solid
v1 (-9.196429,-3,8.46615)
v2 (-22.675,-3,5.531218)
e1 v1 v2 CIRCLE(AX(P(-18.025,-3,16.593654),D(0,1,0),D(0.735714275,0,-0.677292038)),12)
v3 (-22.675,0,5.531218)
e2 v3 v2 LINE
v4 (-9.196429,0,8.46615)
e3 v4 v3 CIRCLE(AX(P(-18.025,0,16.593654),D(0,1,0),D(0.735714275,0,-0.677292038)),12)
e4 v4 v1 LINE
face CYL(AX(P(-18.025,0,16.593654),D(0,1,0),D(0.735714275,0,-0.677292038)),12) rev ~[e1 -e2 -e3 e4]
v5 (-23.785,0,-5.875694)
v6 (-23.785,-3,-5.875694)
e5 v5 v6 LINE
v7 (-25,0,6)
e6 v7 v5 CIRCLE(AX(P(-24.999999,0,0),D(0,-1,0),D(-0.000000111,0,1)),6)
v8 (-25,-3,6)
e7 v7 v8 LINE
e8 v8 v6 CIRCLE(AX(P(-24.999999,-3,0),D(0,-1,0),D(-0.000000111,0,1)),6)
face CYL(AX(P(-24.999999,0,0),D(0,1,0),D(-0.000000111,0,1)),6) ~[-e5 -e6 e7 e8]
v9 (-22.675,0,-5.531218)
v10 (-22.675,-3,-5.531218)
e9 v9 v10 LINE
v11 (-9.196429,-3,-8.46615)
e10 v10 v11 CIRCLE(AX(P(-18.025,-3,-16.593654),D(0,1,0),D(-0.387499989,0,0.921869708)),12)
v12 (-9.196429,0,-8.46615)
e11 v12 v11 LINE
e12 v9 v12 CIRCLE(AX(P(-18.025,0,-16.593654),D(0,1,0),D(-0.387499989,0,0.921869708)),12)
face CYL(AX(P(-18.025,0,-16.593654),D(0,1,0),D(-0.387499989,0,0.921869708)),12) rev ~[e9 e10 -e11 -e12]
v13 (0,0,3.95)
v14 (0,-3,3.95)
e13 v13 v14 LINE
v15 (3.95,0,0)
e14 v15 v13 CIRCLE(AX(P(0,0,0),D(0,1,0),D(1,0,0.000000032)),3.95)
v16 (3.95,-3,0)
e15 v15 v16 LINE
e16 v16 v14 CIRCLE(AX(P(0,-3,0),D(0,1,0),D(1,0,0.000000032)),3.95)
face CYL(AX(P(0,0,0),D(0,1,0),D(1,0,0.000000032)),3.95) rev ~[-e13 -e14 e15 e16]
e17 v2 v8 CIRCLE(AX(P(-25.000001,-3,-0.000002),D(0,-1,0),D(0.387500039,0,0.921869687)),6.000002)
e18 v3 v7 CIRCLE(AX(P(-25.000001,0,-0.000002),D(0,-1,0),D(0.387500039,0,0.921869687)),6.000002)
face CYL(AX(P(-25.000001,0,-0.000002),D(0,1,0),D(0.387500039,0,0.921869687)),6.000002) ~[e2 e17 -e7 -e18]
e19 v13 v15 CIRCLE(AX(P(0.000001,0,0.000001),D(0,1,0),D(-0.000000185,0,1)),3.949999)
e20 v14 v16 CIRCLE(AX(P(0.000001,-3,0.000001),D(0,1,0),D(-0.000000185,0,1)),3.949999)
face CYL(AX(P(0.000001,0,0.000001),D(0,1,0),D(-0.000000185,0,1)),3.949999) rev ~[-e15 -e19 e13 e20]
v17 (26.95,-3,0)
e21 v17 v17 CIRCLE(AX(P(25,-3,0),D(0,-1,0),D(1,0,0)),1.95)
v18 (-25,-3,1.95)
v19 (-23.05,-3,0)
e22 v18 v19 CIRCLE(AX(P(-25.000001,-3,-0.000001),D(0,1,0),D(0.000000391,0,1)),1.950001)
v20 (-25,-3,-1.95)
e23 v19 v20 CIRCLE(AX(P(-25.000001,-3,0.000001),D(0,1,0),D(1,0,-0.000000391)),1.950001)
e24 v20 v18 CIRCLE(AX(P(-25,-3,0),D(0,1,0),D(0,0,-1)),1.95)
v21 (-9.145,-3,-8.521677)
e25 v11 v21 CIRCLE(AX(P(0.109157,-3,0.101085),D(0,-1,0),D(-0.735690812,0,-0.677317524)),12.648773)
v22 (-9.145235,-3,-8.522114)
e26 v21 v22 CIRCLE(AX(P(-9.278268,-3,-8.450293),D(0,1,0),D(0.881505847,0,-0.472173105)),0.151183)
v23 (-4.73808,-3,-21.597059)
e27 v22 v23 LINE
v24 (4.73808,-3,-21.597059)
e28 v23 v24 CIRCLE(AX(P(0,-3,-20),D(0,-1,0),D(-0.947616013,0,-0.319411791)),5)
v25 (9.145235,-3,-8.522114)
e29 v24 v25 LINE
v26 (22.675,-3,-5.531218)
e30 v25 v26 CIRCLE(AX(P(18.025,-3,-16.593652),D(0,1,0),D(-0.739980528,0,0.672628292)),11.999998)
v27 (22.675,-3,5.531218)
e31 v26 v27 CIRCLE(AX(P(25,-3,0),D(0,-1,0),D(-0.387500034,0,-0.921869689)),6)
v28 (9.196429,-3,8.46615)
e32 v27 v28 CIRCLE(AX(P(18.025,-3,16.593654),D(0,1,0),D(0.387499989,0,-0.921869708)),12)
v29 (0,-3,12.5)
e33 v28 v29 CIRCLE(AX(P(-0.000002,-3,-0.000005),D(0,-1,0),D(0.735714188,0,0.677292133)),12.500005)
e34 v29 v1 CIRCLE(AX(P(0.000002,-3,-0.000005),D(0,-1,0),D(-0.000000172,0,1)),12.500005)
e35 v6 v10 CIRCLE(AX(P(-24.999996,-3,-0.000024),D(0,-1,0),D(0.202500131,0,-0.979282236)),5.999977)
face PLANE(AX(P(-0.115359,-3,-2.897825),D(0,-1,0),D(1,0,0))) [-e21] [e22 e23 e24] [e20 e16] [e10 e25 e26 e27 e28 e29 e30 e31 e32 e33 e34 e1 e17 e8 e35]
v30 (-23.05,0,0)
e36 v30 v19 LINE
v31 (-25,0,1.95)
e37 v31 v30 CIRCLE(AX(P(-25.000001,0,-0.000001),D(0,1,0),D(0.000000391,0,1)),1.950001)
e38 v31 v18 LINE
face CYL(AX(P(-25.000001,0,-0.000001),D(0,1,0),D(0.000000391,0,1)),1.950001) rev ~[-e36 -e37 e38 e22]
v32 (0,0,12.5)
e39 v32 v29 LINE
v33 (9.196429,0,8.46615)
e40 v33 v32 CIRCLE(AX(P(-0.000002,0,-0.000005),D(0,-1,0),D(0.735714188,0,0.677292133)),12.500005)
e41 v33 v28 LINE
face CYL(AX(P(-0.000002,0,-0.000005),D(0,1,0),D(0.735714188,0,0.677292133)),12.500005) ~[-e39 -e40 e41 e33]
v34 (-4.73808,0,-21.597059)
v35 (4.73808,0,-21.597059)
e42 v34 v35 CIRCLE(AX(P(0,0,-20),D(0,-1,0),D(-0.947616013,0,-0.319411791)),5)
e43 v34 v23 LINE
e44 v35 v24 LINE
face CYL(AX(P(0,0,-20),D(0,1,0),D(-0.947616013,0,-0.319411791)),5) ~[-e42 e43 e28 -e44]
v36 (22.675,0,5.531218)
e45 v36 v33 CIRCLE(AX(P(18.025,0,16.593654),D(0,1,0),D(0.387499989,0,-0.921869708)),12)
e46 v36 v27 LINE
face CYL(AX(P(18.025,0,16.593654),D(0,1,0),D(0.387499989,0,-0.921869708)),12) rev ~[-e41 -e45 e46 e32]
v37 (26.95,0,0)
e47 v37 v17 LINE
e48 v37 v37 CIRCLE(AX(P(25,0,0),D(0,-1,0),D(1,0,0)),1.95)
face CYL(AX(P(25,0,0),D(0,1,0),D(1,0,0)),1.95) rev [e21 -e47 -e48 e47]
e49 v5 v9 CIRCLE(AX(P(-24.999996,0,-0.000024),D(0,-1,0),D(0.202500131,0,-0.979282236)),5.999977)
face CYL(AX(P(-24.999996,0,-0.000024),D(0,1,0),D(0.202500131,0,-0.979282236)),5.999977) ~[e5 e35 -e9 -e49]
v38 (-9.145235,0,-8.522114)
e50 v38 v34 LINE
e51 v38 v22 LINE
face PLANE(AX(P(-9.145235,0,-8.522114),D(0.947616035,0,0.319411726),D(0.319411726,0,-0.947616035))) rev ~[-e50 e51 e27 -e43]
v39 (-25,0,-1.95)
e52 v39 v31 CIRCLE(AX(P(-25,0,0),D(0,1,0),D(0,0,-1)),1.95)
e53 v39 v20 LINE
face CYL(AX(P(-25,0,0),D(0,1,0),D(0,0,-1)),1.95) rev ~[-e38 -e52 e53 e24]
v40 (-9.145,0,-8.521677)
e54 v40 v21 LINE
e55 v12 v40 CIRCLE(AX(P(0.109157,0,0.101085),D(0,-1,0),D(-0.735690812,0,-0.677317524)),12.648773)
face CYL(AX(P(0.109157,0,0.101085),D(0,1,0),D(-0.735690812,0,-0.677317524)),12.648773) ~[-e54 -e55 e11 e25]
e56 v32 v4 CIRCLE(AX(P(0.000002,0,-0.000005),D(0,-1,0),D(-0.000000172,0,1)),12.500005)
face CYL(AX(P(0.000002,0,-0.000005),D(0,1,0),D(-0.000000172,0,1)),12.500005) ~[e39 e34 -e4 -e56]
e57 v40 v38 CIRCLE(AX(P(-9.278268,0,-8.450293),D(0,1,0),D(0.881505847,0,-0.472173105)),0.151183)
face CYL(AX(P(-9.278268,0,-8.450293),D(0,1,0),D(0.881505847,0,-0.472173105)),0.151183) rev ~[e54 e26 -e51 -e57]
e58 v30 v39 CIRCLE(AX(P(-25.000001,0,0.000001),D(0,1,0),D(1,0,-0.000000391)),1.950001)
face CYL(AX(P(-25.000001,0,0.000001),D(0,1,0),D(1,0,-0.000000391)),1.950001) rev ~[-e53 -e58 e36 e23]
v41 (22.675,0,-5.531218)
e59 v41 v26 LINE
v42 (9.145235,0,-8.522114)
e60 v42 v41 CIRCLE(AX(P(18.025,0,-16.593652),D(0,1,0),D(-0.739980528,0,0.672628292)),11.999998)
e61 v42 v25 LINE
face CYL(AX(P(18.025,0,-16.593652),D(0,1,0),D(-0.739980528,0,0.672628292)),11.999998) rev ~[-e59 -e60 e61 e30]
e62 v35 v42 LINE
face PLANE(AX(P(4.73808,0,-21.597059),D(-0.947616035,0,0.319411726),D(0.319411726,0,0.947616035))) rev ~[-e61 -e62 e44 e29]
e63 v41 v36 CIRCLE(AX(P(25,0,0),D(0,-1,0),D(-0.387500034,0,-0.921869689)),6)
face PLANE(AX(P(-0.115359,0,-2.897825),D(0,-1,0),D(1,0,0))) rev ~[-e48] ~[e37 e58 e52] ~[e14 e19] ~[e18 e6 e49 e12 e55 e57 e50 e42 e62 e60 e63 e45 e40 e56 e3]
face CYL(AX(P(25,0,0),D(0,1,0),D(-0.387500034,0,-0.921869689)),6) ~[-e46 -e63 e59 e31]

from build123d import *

# Parameters (mm, degrees)
F0_R     = 1.95
F1_DEPTH = 3


with BuildPart() as f1:
    # F0 (on Front) → F1 (new body)
    with BuildSketch(Plane.XZ):
        with BuildLine():
            ThreePointArc((9.196429, 8.46615), (5.021111, 11.447202), (0, 12.5))
            ThreePointArc((0, 12.5), (-5.021111, 11.447202), (-9.196429, 8.46615))
            ThreePointArc((-9.196429, 8.46615), (-15.471851, 4.868407), (-22.675, 5.531218))
            ThreePointArc((-22.675, 5.531218), (-23.814106, 5.881637), (-25, 6))
            ThreePointArc((-25, 6), (-30.968842, -0.610671), (-23.785, -5.875694))
            ThreePointArc((-23.785, -5.875694), (-23.22164, -5.730396), (-22.675, -5.531218))
            ThreePointArc((-22.675, -5.531218), (-15.471851, -4.868407), (-9.196429, -8.46615))
            ThreePointArc((-9.196429, -8.46615), (-9.170756, -8.493952), (-9.145, -8.521677))
            ThreePointArc((-9.145, -8.521677), (-9.145117, -8.521895), (-9.145235, -8.522114))
            Line((-9.145235, -8.522114), (-4.73808, -21.597059))
            ThreePointArc((-4.73808, -21.597059), (0, -25), (4.73808, -21.597059))
            Line((4.73808, -21.597059), (9.145235, -8.522114))
            ThreePointArc((9.145235, -8.522114), (15.434808, -4.876534), (22.675, -5.531218))
            ThreePointArc((22.675, -5.531218), (31, 0), (22.675, 5.531218))
            ThreePointArc((22.675, 5.531218), (15.471851, 4.868407), (9.196429, 8.46615))
        make_face()
        with BuildLine():
            ThreePointArc((-25, -1.95), (-26.95, 0), (-25, 1.95))
            ThreePointArc((-25, 1.95), (-23.621142, 1.378858), (-23.05, 0))
            ThreePointArc((-23.05, 0), (-23.621142, -1.378858), (-25, -1.95))
        make_face(mode=Mode.SUBTRACT)
        with BuildLine():
            ThreePointArc((0, 3.95), (2.793072, 2.793072), (3.95, 0))
            ThreePointArc((3.95, 0), (-2.793072, -2.793072), (0, 3.95))
        make_face(mode=Mode.SUBTRACT)
        with Locations((25, 0)):
            Circle(F0_R, mode=Mode.SUBTRACT)
    extrude(amount=F1_DEPTH)


solid = f1.part
